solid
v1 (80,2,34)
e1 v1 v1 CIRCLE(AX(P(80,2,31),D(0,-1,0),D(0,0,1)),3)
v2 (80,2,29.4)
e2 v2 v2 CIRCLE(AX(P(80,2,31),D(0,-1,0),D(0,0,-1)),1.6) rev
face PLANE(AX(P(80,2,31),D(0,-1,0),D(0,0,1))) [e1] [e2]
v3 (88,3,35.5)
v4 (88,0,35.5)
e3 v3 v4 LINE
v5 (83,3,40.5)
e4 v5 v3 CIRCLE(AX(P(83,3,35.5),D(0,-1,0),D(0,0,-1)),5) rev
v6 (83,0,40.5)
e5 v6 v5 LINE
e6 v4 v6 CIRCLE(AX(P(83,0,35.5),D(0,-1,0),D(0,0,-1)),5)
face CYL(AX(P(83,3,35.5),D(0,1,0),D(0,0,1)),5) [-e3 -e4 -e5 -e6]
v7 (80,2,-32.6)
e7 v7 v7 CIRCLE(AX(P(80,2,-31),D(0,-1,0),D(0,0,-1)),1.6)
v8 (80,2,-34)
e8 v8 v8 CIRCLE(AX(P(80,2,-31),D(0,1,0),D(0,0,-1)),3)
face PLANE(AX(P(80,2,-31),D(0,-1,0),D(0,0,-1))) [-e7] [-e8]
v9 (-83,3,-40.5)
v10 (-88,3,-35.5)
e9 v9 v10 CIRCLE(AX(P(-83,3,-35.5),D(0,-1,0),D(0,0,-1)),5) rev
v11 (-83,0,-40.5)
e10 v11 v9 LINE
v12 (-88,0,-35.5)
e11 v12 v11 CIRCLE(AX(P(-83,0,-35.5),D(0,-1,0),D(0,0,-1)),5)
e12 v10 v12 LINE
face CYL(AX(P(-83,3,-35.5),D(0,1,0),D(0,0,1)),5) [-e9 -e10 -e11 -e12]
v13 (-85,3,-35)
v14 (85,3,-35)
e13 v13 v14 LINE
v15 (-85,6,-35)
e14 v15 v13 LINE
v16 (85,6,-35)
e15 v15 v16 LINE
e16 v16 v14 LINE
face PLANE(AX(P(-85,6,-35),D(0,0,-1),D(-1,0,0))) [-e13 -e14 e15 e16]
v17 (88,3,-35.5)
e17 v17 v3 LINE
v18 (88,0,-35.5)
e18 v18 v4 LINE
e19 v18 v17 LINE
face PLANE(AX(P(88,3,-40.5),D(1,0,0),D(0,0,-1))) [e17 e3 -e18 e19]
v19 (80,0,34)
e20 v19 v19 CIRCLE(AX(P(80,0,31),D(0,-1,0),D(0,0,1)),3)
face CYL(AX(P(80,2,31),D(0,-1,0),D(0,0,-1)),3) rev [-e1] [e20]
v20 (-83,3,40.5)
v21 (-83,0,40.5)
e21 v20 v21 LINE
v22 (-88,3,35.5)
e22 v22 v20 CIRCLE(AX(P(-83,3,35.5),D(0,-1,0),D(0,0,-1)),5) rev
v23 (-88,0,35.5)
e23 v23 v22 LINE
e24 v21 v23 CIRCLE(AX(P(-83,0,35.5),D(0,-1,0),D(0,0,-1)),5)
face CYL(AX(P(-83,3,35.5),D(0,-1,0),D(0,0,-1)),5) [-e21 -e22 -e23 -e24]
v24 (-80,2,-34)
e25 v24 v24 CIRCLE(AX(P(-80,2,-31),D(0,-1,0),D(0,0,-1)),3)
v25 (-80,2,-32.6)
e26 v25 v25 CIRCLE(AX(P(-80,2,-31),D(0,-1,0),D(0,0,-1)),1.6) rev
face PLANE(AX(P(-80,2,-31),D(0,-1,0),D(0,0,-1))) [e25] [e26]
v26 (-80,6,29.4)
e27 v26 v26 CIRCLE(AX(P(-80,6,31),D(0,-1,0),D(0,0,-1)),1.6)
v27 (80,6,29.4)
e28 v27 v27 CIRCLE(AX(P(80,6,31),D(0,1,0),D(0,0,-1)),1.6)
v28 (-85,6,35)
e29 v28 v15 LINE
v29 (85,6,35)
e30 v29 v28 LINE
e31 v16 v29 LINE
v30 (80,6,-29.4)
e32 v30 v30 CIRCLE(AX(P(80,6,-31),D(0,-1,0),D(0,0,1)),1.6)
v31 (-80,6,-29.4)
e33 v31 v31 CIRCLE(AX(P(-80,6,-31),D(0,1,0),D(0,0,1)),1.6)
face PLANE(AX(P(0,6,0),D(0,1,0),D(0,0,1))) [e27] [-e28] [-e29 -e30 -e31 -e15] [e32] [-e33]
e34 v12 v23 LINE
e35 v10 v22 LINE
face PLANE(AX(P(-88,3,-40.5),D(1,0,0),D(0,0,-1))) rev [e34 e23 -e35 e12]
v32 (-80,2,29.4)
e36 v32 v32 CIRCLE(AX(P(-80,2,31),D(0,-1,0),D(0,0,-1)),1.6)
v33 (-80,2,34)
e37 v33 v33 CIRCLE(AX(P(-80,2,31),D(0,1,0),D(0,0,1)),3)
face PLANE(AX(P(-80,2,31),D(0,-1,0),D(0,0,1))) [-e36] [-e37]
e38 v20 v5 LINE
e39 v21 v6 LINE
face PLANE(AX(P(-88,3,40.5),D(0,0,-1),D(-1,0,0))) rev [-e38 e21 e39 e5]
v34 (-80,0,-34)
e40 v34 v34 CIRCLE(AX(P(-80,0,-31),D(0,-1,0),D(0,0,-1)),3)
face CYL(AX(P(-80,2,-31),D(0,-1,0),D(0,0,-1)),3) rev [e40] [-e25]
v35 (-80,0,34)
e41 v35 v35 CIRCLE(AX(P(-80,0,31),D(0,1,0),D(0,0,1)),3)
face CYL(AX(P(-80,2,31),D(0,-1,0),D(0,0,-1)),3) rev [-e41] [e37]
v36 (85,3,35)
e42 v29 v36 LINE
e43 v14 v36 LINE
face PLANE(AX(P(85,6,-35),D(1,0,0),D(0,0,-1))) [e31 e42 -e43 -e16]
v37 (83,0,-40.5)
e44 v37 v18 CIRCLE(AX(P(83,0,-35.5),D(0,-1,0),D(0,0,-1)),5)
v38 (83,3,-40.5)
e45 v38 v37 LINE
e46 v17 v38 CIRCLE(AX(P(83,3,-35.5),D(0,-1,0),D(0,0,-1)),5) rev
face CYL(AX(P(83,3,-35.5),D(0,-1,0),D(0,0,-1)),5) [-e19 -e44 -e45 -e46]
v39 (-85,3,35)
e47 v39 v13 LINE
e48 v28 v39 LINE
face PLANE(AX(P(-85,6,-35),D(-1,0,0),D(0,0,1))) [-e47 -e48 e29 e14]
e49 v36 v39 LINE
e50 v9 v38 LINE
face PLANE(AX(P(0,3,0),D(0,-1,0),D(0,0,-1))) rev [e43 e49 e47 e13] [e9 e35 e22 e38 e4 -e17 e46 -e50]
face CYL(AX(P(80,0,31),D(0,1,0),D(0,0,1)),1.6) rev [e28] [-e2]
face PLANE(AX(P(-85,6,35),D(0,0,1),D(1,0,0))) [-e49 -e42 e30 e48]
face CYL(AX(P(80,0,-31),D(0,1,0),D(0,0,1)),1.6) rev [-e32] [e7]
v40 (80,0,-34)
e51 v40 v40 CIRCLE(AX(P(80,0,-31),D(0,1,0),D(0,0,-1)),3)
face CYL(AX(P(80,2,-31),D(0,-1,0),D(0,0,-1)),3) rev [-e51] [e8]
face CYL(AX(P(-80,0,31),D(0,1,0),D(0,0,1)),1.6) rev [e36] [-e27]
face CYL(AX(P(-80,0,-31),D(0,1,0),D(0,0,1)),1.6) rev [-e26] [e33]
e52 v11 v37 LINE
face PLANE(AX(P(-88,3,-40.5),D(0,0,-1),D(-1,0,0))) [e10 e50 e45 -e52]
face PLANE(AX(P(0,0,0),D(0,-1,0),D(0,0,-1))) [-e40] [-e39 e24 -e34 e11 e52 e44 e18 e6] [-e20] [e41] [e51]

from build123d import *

# Parameters (mm, degrees)
SKETCH1_W               = 176
SKETCH1_H               = 81
BOSS_EXTRUDE1_DEPTH     = 3
FILLET1_R               = 5
SKETCH2_W               = 170
SKETCH2_H               = 70
BOSS_EXTRUDE2_DEPTH     = 6
SKETCH3_R               = 1.6
CUT_EXTRUDE1_DEPTH      = 98.057972367
SKETCH5_R               = 3
CUT_EXTRUDE5_DEPTH      = 2
MIRROR2_COPY_1_SKETCH_R = 1.6
MIRROR2_COPY_1_DEPTH    = 98.057972367
MIRROR2_COPY_2_SKETCH_R = 3
MIRROR2_COPY_2_DEPTH    = 2


with BuildPart() as part:
    # Sketch1 → Boss-Extrude1 (new body)
    with BuildSketch(Plane(origin=(0, 0, 0), x_dir=(1, 0, 0), z_dir=(0, 1, 0))):
        Rectangle(SKETCH1_W, SKETCH1_H)
    extrude(amount=BOSS_EXTRUDE1_DEPTH)

    # Fillet1
    fillet1_edges = [part.edges().sort_by_distance(p)[0] for p in [
        (-88, 1.5, -40.5),
        (-88, 1.5, 40.5),
        (88, 1.5, 40.5),
        (88, 1.5, -40.5),
    ]]
    fillet(fillet1_edges, radius=FILLET1_R)

    # Sketch2 → Boss-Extrude2 (add)
    with BuildSketch(Plane.XZ):
        Rectangle(SKETCH2_W, SKETCH2_H)
    extrude(amount=-BOSS_EXTRUDE2_DEPTH)

    # Sketch3 → Cut-Extrude1 (cut, through all)
    with BuildSketch(Plane(origin=(0, 6, 0), x_dir=(1, 0, 0), z_dir=(0, 1, 0))):
        with Locations(Location((-80, 31, 0), (0, 0, 270))):
            Circle(SKETCH3_R)
    cut_extrude1 = extrude(amount=-CUT_EXTRUDE1_DEPTH, mode=Mode.SUBTRACT)

    # Sketch5 → Cut-Extrude5 (cut)
    with BuildSketch(Plane.XZ):
        with Locations(Location((-80, -31, 0), (0, 0, 270))):
            Circle(SKETCH5_R)
    cut_extrude5 = extrude(amount=-CUT_EXTRUDE5_DEPTH, mode=Mode.SUBTRACT)

    # Mirror1: Cut-Extrude1, Cut-Extrude5 across plane
    add(cut_extrude1.mirror(Plane.XY), mode=Mode.SUBTRACT)
    add(cut_extrude5.mirror(Plane.XY), mode=Mode.SUBTRACT)

    # Mirror2: Cut-Extrude1, Cut-Extrude5 across plane
    add(cut_extrude1.mirror(Plane(origin=(0, 0, 0), x_dir=(0, 0, 1), z_dir=(1, 0, 0))), mode=Mode.SUBTRACT)
    add(cut_extrude5.mirror(Plane(origin=(0, 0, 0), x_dir=(0, 0, 1), z_dir=(1, 0, 0))), mode=Mode.SUBTRACT)

    # Mirror2 copy 1 sketch → Mirror2 copy 1 (cut, through all)
    with BuildSketch(Plane(origin=(0, 6, 0), x_dir=(-1, 0, 0), z_dir=(0, 1, 0))):
        with Locations(Location((-80, 31, 0), (0, 0, 270))):
            Circle(MIRROR2_COPY_1_SKETCH_R)
    extrude(amount=-MIRROR2_COPY_1_DEPTH, mode=Mode.SUBTRACT)

    # Mirror2 copy 2 sketch → Mirror2 copy 2 (cut)
    with BuildSketch(Plane(origin=(0, 0, 0), x_dir=(-1, 0, 0), z_dir=(0, -1, 0))):
        with Locations(Location((-80, -31, 0), (0, 0, 270))):
            Circle(MIRROR2_COPY_2_SKETCH_R)
    extrude(amount=-MIRROR2_COPY_2_DEPTH, mode=Mode.SUBTRACT)


solid = part.part
